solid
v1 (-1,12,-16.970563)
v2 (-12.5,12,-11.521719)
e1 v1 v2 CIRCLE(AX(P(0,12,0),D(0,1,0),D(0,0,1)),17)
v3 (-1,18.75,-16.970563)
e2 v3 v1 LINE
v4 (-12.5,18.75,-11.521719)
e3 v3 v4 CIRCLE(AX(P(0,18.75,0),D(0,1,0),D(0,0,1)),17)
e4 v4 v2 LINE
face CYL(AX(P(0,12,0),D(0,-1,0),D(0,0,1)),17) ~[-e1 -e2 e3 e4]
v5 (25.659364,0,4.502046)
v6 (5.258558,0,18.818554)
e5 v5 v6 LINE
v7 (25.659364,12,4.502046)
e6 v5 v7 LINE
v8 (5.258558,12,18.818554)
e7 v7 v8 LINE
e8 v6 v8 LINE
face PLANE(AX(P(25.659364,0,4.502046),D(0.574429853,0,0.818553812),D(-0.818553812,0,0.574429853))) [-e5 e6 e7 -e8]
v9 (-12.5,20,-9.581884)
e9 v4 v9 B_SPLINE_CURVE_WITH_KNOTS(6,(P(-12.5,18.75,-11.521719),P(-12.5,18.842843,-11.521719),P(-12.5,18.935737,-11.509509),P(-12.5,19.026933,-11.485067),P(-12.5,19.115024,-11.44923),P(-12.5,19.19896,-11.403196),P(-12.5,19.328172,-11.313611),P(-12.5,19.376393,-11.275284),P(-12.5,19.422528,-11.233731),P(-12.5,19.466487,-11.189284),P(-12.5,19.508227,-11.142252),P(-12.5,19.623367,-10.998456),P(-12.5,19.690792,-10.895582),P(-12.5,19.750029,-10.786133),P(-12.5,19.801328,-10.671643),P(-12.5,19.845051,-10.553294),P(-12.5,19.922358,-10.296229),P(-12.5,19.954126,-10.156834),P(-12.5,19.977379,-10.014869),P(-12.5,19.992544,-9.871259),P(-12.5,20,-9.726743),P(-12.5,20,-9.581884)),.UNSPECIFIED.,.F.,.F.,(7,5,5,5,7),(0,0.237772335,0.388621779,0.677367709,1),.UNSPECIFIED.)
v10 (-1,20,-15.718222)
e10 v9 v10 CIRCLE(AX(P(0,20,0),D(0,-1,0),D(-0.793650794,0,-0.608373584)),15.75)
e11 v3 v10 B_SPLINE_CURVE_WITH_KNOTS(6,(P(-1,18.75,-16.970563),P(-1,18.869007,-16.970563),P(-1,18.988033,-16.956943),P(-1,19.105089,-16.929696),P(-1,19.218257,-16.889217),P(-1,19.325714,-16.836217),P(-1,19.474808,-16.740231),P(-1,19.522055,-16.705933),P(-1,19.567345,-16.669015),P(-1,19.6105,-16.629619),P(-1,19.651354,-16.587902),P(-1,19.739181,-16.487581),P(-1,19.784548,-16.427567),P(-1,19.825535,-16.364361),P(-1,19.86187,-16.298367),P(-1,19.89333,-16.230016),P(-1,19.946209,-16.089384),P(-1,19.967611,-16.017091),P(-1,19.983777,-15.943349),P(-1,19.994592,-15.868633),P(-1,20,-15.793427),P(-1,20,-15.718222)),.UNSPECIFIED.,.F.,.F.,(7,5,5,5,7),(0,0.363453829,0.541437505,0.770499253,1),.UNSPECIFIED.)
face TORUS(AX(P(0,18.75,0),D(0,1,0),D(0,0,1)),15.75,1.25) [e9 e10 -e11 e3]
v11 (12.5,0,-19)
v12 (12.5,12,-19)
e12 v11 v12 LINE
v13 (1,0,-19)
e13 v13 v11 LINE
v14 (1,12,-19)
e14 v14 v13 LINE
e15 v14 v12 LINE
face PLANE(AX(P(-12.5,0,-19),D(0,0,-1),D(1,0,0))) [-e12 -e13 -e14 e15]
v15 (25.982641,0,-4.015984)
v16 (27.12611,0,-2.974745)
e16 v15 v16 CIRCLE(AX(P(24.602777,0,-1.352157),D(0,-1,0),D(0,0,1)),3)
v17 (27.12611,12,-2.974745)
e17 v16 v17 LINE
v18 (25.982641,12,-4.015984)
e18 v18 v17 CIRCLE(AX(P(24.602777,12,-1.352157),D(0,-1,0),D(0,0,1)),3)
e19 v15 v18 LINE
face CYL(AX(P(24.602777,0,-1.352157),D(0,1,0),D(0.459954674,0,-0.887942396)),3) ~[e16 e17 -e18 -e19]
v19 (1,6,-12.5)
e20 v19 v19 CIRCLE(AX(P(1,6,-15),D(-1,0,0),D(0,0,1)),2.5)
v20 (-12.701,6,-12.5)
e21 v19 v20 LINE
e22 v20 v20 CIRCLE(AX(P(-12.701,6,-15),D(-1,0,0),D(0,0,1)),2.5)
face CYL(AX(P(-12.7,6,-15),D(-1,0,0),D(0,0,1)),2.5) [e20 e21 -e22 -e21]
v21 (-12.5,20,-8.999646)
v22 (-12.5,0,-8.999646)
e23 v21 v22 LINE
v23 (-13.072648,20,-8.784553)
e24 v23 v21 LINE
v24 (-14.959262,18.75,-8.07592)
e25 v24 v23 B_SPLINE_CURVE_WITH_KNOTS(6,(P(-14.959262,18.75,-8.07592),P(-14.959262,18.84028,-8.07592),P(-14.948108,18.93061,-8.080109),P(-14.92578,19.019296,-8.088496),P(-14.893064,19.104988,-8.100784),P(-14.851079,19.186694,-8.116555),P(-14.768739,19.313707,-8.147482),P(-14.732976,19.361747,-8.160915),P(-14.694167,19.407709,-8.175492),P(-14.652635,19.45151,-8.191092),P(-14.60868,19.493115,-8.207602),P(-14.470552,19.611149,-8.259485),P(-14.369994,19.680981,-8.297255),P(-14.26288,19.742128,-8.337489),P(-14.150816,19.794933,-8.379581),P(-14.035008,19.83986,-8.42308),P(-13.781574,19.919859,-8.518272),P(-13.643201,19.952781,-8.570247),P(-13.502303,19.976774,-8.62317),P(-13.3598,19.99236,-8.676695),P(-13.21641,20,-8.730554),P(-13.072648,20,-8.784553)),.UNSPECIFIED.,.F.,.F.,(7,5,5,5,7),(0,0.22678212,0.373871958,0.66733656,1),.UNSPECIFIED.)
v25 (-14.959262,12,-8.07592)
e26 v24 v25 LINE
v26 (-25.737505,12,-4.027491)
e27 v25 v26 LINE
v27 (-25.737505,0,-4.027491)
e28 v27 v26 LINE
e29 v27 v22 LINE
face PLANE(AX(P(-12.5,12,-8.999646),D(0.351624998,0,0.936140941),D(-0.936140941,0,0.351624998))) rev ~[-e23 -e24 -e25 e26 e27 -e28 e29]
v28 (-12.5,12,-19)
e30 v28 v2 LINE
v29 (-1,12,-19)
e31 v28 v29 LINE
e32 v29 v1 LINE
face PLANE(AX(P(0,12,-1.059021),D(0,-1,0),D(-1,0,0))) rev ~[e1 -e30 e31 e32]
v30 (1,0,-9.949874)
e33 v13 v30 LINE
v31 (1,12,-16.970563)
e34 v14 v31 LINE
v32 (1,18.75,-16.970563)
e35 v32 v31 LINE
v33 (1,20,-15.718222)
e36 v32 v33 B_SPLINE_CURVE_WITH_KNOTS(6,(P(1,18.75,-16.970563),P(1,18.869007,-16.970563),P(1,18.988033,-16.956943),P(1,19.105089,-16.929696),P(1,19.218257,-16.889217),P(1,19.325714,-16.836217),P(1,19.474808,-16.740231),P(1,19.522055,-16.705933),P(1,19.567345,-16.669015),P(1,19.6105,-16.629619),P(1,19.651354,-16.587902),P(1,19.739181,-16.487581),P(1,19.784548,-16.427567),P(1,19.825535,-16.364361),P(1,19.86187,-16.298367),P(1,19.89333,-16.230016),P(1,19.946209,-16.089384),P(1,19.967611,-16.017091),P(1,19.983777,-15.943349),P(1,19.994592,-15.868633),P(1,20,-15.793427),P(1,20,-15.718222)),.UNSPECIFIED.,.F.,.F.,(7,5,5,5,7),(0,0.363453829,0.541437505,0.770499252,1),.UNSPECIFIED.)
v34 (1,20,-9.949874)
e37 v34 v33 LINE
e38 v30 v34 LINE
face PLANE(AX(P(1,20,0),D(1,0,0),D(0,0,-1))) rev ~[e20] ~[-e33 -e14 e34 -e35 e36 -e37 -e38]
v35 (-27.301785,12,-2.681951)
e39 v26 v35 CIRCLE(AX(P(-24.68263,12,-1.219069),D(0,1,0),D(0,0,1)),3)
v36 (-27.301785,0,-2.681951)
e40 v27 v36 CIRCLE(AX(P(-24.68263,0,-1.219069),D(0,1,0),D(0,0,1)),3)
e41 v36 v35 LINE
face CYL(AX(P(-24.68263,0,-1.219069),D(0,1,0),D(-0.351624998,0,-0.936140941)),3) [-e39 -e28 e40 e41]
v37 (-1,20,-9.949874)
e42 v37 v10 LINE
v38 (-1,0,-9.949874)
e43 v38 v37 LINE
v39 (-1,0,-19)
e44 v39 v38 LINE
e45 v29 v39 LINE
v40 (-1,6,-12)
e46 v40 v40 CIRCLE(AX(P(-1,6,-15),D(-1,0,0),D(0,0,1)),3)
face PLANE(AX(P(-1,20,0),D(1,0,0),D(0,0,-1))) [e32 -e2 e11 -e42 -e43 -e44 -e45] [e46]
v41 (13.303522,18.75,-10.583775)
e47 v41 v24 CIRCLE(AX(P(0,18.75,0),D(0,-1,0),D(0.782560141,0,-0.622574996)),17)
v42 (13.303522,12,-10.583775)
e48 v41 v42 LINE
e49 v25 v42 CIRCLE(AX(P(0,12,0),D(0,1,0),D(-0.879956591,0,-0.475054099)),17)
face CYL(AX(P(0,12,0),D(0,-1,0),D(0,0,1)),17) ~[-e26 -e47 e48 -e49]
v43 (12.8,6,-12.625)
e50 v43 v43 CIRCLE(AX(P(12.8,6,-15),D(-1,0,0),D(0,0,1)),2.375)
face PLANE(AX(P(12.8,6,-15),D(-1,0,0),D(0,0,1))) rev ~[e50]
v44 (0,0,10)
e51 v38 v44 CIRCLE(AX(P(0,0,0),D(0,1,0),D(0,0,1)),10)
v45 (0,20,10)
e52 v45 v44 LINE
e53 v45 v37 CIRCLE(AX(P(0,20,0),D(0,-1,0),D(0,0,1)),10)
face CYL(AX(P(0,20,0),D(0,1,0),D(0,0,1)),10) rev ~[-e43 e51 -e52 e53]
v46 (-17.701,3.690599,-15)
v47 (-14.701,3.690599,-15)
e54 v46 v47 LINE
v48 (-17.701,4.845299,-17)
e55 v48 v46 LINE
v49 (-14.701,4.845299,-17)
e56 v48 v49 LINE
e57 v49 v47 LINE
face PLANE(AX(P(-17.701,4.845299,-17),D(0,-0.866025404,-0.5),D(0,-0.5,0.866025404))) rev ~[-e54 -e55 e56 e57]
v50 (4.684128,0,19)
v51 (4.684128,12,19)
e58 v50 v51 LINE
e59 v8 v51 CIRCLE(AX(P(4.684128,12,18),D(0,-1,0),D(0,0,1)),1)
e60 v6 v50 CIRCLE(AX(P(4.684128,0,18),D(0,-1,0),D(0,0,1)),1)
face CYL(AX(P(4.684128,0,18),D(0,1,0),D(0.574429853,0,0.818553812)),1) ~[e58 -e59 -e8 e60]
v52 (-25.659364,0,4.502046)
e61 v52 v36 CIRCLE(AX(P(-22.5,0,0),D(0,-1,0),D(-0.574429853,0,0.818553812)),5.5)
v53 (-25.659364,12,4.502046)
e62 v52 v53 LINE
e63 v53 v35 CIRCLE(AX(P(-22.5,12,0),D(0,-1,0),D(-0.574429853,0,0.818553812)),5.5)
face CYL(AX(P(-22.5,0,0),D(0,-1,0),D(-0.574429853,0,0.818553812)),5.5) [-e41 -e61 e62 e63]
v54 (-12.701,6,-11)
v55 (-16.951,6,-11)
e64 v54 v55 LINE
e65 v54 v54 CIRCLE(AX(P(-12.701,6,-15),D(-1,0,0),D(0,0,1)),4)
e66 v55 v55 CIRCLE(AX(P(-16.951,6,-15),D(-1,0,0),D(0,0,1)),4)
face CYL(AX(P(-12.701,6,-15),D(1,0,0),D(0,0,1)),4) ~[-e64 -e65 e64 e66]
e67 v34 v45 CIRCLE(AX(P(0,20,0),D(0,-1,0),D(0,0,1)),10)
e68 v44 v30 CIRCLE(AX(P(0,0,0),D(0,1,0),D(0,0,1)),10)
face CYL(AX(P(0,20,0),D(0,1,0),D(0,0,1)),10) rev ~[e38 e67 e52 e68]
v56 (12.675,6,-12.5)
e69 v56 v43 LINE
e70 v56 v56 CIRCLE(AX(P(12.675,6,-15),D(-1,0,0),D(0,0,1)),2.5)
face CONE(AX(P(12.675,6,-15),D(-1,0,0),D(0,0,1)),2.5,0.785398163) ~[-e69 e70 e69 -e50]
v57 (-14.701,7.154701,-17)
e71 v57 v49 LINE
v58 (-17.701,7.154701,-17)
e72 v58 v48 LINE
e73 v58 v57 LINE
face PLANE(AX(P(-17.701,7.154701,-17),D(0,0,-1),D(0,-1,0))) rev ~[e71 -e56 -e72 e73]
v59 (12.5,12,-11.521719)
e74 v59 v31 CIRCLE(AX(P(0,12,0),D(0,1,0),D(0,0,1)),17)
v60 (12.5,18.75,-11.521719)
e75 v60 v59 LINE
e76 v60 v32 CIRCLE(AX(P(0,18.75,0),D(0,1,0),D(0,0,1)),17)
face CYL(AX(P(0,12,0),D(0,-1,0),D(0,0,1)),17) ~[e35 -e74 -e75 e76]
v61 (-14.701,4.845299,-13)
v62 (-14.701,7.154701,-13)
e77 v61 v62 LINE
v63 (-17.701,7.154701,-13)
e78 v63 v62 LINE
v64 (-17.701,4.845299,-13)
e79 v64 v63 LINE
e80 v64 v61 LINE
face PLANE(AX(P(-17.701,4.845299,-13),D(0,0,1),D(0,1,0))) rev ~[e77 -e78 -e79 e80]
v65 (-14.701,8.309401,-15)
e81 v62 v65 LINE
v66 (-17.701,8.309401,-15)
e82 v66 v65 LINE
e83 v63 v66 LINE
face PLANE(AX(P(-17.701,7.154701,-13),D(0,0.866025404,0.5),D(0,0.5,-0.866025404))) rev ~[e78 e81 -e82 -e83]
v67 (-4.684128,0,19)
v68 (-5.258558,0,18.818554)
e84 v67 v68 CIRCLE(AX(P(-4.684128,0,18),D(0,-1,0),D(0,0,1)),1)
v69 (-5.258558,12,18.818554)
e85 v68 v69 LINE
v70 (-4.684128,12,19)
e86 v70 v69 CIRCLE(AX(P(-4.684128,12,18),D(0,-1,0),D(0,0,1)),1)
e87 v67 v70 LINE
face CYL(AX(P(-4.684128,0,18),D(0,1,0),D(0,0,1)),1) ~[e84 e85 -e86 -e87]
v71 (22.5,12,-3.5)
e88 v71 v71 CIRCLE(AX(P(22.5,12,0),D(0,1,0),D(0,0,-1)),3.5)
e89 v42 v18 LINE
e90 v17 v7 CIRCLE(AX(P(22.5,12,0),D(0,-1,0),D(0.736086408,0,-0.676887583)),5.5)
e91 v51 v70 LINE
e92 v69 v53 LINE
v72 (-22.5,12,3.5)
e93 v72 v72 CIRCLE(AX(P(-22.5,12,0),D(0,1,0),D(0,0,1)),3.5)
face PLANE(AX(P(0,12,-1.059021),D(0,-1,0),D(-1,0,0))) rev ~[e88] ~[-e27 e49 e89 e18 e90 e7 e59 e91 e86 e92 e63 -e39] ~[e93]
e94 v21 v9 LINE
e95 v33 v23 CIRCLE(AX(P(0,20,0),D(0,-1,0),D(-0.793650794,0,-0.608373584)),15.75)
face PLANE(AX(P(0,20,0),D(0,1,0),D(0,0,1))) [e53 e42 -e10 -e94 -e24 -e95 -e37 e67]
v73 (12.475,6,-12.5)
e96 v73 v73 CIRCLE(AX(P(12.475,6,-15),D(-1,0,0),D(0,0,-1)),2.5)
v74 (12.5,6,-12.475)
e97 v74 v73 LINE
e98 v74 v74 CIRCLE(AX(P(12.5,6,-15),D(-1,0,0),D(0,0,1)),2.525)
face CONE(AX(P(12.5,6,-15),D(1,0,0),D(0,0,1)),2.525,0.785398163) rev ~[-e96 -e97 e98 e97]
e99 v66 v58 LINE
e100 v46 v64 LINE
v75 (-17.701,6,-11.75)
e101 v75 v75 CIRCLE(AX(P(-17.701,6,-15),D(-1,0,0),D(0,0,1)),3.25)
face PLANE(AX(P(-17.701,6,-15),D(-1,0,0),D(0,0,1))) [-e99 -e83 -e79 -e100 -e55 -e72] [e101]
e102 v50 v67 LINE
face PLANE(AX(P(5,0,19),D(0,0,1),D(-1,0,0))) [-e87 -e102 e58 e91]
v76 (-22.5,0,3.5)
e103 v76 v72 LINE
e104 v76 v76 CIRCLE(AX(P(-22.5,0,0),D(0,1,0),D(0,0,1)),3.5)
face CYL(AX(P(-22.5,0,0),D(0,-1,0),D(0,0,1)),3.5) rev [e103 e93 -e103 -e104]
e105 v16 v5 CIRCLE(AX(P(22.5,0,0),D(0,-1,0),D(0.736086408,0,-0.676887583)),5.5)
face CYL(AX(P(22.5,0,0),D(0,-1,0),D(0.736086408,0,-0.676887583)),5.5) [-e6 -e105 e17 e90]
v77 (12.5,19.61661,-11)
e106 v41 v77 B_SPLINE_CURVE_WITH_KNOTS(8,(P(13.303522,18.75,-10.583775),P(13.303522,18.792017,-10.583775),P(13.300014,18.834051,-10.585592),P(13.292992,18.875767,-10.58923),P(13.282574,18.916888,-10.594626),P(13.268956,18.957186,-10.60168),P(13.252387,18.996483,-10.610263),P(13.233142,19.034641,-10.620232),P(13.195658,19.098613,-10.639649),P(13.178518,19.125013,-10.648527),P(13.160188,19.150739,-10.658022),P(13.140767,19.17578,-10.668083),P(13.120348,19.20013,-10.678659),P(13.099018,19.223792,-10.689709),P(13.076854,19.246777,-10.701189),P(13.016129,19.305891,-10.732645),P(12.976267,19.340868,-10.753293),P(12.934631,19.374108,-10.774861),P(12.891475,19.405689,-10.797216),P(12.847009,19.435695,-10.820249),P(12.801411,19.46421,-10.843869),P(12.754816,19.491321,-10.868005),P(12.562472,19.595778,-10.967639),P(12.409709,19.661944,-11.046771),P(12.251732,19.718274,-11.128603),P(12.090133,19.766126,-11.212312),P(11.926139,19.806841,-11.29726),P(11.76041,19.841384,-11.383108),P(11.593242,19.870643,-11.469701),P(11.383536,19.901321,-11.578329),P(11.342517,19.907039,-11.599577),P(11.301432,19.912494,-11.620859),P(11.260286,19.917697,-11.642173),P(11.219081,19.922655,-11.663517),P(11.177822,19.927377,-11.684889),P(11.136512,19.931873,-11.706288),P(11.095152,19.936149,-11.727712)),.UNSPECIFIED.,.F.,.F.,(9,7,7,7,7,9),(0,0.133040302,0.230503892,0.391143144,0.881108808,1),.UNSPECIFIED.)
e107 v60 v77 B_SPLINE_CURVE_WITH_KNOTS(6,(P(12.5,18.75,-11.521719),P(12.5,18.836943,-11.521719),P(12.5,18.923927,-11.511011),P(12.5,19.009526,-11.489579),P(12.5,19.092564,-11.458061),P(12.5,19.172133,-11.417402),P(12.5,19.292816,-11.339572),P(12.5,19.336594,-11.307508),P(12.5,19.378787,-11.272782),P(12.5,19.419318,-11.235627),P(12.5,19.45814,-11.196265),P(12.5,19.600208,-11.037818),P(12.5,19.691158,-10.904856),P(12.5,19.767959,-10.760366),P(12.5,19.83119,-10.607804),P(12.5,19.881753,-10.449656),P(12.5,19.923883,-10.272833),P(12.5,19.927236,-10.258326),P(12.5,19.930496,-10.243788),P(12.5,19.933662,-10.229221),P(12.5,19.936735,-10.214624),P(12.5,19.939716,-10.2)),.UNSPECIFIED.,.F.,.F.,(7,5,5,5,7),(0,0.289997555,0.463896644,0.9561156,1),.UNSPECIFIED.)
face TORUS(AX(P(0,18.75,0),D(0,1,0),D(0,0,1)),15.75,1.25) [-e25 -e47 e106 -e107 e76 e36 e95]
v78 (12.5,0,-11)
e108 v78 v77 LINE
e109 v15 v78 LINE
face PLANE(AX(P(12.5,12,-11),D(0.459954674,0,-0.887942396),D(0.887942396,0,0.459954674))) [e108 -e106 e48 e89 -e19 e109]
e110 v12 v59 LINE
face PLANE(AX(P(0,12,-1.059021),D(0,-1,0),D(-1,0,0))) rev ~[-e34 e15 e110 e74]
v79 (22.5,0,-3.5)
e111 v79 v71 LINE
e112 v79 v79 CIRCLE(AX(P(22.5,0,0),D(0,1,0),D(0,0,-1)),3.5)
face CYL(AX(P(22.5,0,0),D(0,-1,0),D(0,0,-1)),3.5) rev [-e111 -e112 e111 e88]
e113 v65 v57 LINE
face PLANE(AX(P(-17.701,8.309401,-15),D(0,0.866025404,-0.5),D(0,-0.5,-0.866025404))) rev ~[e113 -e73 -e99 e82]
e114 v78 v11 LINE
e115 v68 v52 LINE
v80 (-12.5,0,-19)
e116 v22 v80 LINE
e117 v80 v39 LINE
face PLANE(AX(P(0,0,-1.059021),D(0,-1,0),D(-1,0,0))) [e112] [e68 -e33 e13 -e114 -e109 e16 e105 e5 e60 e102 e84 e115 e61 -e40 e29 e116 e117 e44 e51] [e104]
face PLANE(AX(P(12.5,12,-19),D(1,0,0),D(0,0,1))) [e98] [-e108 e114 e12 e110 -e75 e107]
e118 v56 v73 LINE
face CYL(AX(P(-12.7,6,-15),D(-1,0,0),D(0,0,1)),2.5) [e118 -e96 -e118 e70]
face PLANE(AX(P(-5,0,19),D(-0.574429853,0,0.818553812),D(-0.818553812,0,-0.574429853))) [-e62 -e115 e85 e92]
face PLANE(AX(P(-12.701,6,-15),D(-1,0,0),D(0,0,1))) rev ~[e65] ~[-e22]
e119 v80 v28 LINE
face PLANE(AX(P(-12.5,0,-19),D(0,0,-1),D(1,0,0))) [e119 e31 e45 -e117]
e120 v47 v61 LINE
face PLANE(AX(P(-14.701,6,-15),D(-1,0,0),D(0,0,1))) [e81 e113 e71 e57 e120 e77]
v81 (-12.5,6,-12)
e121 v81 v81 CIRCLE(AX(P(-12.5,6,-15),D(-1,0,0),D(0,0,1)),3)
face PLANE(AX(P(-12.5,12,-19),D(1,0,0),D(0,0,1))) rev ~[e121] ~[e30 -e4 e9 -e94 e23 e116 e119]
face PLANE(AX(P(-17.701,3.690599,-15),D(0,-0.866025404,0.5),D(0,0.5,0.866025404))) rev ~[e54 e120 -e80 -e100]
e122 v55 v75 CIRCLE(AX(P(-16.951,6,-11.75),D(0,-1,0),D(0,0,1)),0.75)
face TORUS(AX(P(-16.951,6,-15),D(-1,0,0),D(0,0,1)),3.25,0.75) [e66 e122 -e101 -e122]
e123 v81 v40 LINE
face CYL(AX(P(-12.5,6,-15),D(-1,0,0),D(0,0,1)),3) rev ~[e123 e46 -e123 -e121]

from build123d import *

# Parameters (mm, degrees)
SKETCH1_R                   = 3.5
BOSS_EXTRUDE1_DEPTH         = 12
SKETCH3_R                   = 17
BOSS_EXTRUDE2_DEPTH         = 8
FILLET1_R                   = 1.25
CUT_EXTRUDE1_DEPTH          = 36.902646142
CUT_EXTRUDE1_DEPTH_BACK     = 36.902646142
SKETCH4_R                   = 10
CUT_EXTRUDE2_DEPTH          = 40.306488113
CUT_EXTRUDE2_DEPTH_BACK     = 40.306488113
SKETCH5_W                   = 2
SKETCH5_H                   = 20
CUT_EXTRUDE3_DEPTH          = 40.306488113
CUT_EXTRUDE3_DEPTH_BACK     = 40.306488113
SKETCH7_R                   = 3
CUT_EXTRUDE4_DEPTH          = 12.5
FILLET2_R                   = 3
FILLET3_R                   = 1
M5_TAPPED_HOLE2_D           = 4.2
M5_TAPPED_HOLE2_CSINK_D     = 5.05
M5_TAPPED_HOLE2_CSINK_ANGLE = 90
SKETCH26_R                  = 2.5
BOSS_EXTRUDE4_DEPTH         = 0.001
BOSS_EXTRUDE4_DEPTH_BACK    = 25.5
SKETCH28_R                  = 4
BOSS_EXTRUDE5_DEPTH         = 5
CHAMFER1_SIZE               = 0.125
CUT_EXTRUDE5_DEPTH          = 3
FILLET4_R                   = 0.75


with BuildPart() as part:
    # Sketch1 → Boss-Extrude1 (new body)
    with BuildSketch(Plane(origin=(0, 0, 0), x_dir=(1, 0, 0), z_dir=(0, 1, 0))):
        with BuildLine():
            Line((5, -19), (-5, -19))
            Line((-5, -19), (-25.659364193, -4.502045968))
            ThreePointArc((-25.659364193, -4.502045968), (-27.968143757, -0.591103926), (-26.548475243, 3.722881707))
            Line((-26.548475243, 3.722881707), (-12.5, 19))
            Line((-12.5, 19), (12.5, 19))
            Line((12.5, 19), (26.548475243, 3.722881707))
            ThreePointArc((26.548475243, 3.722881707), (27.968143757, -0.591103926), (25.659364193, -4.502045968))
            Line((25.659364193, -4.502045968), (5, -19))
        make_face()
        with Locations(Location((-22.5, 0, 0), (0, 0, 270))):
            Circle(SKETCH1_R, mode=Mode.SUBTRACT)
        with Locations(Location((22.5, 0, 0), (0, 0, 90))):
            Circle(SKETCH1_R, mode=Mode.SUBTRACT)
    extrude(amount=BOSS_EXTRUDE1_DEPTH)

    # Sketch3 → Boss-Extrude2 (add)
    with BuildSketch(Plane(origin=(0, 12, 0), x_dir=(1, 0, 0), z_dir=(0, 1, 0))):
        with Locations(Location((0, 0, 0), (0, 0, 270))):
            Circle(SKETCH3_R)
    extrude(amount=BOSS_EXTRUDE2_DEPTH)

    # Fillet1
    fillet1_edges = [part.edges().sort_by_distance(p)[0] for p in [
        (0, 20, -17),
    ]]
    fillet(fillet1_edges, radius=FILLET1_R)

    # Sketch2 → Cut-Extrude1 (cut, two sides)
    with BuildSketch(Plane(origin=(0, 12, 0), x_dir=(1, 0, 0), z_dir=(0, 1, 0))) as cut_extrude1_sk:
        Polygon((12.5, 19), (12.5, 11), (26.548475243, 3.722881707), align=None)
        Polygon((-12.5, 19), (-12.5, 8.999645995), (-26.548475243, 3.722881707), align=None)
    extrude(amount=CUT_EXTRUDE1_DEPTH, mode=Mode.SUBTRACT)
    extrude(cut_extrude1_sk.sketch, amount=-CUT_EXTRUDE1_DEPTH_BACK, mode=Mode.SUBTRACT)

    # Sketch4 → Cut-Extrude2 (cut, two sides)
    with BuildSketch(Plane(origin=(0, 20, 0), x_dir=(1, 0, 0), z_dir=(0, 1, 0))) as cut_extrude2_sk:
        with Locations(Location((0, 0, 0), (0, 0, 270))):
            Circle(SKETCH4_R)
    extrude(amount=CUT_EXTRUDE2_DEPTH, mode=Mode.SUBTRACT)
    extrude(cut_extrude2_sk.sketch, amount=-CUT_EXTRUDE2_DEPTH_BACK, mode=Mode.SUBTRACT)

    # Sketch5 → Cut-Extrude3 (cut, two sides)
    with BuildSketch(Plane(origin=(0, 20, 0), x_dir=(1, 0, 0), z_dir=(0, 1, 0))) as cut_extrude3_sk:
        with Locations((0, 10)):
            Rectangle(SKETCH5_W, SKETCH5_H)
    extrude(amount=CUT_EXTRUDE3_DEPTH, mode=Mode.SUBTRACT)
    extrude(cut_extrude3_sk.sketch, amount=-CUT_EXTRUDE3_DEPTH_BACK, mode=Mode.SUBTRACT)

    # Sketch7 → Cut-Extrude4 (cut)
    with BuildSketch(Plane.ZY.offset(12.5)):
        with Locations((-15, 6)):
            Circle(SKETCH7_R)
    extrude(amount=-CUT_EXTRUDE4_DEPTH, mode=Mode.SUBTRACT)

    # Fillet2
    fillet2_edges = [part.edges().sort_by_distance(p)[0] for p in [
        (26.548475243, 6, -3.722881707),
        (-26.548475243, 6, -3.722881707),
    ]]
    fillet(fillet2_edges, radius=FILLET2_R)

    # Fillet3
    fillet3_edges = [part.edges().sort_by_distance(p)[0] for p in [
        (5, 6, 19),
        (-5, 6, 19),
    ]]
    fillet(fillet3_edges, radius=FILLET3_R)

    # M5 Tapped Hole2 (through all)
    with Locations(Plane(origin=(12.5, 0, 0), x_dir=(0, 0, -1), z_dir=(1, 0, 0))):
        with Locations((15, 6)):
            CounterSinkHole(M5_TAPPED_HOLE2_D / 2, M5_TAPPED_HOLE2_CSINK_D / 2, counter_sink_angle=M5_TAPPED_HOLE2_CSINK_ANGLE)



with BuildPart() as body_2:
    # Sketch26 → Boss-Extrude4 (new, two sides)
    with BuildSketch(Plane.ZY.offset(12.7)) as boss_extrude4_sk:
        with Locations((-15, 6)):
            Circle(SKETCH26_R)
    extrude(amount=BOSS_EXTRUDE4_DEPTH)
    extrude(boss_extrude4_sk.sketch, amount=-BOSS_EXTRUDE4_DEPTH_BACK)


with BuildPart() as part_1:
    add(part.part)

    add(body_2.part)  # Boss-Extrude5 merges body 2
    # Sketch28 → Boss-Extrude5 (add)
    with BuildSketch(Plane.ZY.offset(12.701)):
        with Locations((-15, 6)):
            Circle(SKETCH28_R)
    extrude(amount=BOSS_EXTRUDE5_DEPTH)

    # Chamfer1
    chamfer1_edges = [part_1.edges().sort_by_distance(p)[0] for p in [
        (12.8, 6, -17.5),
    ]]
    chamfer(chamfer1_edges, length=CHAMFER1_SIZE)

    # Sketch29 → Cut-Extrude5 (cut)
    with BuildSketch(Plane.ZY.offset(17.701)):
        Polygon((-15, 8.309401077), (-17, 7.154700538), (-17, 4.845299462), (-15, 3.690598923), (-13, 4.845299462), (-13, 7.154700538), align=None)
    extrude(amount=-CUT_EXTRUDE5_DEPTH, mode=Mode.SUBTRACT)

    # Fillet4
    fillet4_edges = [part_1.edges().sort_by_distance(p)[0] for p in [
        (-17.701, 6, -19),
    ]]
    fillet(fillet4_edges, radius=FILLET4_R)


solid = part_1.part
